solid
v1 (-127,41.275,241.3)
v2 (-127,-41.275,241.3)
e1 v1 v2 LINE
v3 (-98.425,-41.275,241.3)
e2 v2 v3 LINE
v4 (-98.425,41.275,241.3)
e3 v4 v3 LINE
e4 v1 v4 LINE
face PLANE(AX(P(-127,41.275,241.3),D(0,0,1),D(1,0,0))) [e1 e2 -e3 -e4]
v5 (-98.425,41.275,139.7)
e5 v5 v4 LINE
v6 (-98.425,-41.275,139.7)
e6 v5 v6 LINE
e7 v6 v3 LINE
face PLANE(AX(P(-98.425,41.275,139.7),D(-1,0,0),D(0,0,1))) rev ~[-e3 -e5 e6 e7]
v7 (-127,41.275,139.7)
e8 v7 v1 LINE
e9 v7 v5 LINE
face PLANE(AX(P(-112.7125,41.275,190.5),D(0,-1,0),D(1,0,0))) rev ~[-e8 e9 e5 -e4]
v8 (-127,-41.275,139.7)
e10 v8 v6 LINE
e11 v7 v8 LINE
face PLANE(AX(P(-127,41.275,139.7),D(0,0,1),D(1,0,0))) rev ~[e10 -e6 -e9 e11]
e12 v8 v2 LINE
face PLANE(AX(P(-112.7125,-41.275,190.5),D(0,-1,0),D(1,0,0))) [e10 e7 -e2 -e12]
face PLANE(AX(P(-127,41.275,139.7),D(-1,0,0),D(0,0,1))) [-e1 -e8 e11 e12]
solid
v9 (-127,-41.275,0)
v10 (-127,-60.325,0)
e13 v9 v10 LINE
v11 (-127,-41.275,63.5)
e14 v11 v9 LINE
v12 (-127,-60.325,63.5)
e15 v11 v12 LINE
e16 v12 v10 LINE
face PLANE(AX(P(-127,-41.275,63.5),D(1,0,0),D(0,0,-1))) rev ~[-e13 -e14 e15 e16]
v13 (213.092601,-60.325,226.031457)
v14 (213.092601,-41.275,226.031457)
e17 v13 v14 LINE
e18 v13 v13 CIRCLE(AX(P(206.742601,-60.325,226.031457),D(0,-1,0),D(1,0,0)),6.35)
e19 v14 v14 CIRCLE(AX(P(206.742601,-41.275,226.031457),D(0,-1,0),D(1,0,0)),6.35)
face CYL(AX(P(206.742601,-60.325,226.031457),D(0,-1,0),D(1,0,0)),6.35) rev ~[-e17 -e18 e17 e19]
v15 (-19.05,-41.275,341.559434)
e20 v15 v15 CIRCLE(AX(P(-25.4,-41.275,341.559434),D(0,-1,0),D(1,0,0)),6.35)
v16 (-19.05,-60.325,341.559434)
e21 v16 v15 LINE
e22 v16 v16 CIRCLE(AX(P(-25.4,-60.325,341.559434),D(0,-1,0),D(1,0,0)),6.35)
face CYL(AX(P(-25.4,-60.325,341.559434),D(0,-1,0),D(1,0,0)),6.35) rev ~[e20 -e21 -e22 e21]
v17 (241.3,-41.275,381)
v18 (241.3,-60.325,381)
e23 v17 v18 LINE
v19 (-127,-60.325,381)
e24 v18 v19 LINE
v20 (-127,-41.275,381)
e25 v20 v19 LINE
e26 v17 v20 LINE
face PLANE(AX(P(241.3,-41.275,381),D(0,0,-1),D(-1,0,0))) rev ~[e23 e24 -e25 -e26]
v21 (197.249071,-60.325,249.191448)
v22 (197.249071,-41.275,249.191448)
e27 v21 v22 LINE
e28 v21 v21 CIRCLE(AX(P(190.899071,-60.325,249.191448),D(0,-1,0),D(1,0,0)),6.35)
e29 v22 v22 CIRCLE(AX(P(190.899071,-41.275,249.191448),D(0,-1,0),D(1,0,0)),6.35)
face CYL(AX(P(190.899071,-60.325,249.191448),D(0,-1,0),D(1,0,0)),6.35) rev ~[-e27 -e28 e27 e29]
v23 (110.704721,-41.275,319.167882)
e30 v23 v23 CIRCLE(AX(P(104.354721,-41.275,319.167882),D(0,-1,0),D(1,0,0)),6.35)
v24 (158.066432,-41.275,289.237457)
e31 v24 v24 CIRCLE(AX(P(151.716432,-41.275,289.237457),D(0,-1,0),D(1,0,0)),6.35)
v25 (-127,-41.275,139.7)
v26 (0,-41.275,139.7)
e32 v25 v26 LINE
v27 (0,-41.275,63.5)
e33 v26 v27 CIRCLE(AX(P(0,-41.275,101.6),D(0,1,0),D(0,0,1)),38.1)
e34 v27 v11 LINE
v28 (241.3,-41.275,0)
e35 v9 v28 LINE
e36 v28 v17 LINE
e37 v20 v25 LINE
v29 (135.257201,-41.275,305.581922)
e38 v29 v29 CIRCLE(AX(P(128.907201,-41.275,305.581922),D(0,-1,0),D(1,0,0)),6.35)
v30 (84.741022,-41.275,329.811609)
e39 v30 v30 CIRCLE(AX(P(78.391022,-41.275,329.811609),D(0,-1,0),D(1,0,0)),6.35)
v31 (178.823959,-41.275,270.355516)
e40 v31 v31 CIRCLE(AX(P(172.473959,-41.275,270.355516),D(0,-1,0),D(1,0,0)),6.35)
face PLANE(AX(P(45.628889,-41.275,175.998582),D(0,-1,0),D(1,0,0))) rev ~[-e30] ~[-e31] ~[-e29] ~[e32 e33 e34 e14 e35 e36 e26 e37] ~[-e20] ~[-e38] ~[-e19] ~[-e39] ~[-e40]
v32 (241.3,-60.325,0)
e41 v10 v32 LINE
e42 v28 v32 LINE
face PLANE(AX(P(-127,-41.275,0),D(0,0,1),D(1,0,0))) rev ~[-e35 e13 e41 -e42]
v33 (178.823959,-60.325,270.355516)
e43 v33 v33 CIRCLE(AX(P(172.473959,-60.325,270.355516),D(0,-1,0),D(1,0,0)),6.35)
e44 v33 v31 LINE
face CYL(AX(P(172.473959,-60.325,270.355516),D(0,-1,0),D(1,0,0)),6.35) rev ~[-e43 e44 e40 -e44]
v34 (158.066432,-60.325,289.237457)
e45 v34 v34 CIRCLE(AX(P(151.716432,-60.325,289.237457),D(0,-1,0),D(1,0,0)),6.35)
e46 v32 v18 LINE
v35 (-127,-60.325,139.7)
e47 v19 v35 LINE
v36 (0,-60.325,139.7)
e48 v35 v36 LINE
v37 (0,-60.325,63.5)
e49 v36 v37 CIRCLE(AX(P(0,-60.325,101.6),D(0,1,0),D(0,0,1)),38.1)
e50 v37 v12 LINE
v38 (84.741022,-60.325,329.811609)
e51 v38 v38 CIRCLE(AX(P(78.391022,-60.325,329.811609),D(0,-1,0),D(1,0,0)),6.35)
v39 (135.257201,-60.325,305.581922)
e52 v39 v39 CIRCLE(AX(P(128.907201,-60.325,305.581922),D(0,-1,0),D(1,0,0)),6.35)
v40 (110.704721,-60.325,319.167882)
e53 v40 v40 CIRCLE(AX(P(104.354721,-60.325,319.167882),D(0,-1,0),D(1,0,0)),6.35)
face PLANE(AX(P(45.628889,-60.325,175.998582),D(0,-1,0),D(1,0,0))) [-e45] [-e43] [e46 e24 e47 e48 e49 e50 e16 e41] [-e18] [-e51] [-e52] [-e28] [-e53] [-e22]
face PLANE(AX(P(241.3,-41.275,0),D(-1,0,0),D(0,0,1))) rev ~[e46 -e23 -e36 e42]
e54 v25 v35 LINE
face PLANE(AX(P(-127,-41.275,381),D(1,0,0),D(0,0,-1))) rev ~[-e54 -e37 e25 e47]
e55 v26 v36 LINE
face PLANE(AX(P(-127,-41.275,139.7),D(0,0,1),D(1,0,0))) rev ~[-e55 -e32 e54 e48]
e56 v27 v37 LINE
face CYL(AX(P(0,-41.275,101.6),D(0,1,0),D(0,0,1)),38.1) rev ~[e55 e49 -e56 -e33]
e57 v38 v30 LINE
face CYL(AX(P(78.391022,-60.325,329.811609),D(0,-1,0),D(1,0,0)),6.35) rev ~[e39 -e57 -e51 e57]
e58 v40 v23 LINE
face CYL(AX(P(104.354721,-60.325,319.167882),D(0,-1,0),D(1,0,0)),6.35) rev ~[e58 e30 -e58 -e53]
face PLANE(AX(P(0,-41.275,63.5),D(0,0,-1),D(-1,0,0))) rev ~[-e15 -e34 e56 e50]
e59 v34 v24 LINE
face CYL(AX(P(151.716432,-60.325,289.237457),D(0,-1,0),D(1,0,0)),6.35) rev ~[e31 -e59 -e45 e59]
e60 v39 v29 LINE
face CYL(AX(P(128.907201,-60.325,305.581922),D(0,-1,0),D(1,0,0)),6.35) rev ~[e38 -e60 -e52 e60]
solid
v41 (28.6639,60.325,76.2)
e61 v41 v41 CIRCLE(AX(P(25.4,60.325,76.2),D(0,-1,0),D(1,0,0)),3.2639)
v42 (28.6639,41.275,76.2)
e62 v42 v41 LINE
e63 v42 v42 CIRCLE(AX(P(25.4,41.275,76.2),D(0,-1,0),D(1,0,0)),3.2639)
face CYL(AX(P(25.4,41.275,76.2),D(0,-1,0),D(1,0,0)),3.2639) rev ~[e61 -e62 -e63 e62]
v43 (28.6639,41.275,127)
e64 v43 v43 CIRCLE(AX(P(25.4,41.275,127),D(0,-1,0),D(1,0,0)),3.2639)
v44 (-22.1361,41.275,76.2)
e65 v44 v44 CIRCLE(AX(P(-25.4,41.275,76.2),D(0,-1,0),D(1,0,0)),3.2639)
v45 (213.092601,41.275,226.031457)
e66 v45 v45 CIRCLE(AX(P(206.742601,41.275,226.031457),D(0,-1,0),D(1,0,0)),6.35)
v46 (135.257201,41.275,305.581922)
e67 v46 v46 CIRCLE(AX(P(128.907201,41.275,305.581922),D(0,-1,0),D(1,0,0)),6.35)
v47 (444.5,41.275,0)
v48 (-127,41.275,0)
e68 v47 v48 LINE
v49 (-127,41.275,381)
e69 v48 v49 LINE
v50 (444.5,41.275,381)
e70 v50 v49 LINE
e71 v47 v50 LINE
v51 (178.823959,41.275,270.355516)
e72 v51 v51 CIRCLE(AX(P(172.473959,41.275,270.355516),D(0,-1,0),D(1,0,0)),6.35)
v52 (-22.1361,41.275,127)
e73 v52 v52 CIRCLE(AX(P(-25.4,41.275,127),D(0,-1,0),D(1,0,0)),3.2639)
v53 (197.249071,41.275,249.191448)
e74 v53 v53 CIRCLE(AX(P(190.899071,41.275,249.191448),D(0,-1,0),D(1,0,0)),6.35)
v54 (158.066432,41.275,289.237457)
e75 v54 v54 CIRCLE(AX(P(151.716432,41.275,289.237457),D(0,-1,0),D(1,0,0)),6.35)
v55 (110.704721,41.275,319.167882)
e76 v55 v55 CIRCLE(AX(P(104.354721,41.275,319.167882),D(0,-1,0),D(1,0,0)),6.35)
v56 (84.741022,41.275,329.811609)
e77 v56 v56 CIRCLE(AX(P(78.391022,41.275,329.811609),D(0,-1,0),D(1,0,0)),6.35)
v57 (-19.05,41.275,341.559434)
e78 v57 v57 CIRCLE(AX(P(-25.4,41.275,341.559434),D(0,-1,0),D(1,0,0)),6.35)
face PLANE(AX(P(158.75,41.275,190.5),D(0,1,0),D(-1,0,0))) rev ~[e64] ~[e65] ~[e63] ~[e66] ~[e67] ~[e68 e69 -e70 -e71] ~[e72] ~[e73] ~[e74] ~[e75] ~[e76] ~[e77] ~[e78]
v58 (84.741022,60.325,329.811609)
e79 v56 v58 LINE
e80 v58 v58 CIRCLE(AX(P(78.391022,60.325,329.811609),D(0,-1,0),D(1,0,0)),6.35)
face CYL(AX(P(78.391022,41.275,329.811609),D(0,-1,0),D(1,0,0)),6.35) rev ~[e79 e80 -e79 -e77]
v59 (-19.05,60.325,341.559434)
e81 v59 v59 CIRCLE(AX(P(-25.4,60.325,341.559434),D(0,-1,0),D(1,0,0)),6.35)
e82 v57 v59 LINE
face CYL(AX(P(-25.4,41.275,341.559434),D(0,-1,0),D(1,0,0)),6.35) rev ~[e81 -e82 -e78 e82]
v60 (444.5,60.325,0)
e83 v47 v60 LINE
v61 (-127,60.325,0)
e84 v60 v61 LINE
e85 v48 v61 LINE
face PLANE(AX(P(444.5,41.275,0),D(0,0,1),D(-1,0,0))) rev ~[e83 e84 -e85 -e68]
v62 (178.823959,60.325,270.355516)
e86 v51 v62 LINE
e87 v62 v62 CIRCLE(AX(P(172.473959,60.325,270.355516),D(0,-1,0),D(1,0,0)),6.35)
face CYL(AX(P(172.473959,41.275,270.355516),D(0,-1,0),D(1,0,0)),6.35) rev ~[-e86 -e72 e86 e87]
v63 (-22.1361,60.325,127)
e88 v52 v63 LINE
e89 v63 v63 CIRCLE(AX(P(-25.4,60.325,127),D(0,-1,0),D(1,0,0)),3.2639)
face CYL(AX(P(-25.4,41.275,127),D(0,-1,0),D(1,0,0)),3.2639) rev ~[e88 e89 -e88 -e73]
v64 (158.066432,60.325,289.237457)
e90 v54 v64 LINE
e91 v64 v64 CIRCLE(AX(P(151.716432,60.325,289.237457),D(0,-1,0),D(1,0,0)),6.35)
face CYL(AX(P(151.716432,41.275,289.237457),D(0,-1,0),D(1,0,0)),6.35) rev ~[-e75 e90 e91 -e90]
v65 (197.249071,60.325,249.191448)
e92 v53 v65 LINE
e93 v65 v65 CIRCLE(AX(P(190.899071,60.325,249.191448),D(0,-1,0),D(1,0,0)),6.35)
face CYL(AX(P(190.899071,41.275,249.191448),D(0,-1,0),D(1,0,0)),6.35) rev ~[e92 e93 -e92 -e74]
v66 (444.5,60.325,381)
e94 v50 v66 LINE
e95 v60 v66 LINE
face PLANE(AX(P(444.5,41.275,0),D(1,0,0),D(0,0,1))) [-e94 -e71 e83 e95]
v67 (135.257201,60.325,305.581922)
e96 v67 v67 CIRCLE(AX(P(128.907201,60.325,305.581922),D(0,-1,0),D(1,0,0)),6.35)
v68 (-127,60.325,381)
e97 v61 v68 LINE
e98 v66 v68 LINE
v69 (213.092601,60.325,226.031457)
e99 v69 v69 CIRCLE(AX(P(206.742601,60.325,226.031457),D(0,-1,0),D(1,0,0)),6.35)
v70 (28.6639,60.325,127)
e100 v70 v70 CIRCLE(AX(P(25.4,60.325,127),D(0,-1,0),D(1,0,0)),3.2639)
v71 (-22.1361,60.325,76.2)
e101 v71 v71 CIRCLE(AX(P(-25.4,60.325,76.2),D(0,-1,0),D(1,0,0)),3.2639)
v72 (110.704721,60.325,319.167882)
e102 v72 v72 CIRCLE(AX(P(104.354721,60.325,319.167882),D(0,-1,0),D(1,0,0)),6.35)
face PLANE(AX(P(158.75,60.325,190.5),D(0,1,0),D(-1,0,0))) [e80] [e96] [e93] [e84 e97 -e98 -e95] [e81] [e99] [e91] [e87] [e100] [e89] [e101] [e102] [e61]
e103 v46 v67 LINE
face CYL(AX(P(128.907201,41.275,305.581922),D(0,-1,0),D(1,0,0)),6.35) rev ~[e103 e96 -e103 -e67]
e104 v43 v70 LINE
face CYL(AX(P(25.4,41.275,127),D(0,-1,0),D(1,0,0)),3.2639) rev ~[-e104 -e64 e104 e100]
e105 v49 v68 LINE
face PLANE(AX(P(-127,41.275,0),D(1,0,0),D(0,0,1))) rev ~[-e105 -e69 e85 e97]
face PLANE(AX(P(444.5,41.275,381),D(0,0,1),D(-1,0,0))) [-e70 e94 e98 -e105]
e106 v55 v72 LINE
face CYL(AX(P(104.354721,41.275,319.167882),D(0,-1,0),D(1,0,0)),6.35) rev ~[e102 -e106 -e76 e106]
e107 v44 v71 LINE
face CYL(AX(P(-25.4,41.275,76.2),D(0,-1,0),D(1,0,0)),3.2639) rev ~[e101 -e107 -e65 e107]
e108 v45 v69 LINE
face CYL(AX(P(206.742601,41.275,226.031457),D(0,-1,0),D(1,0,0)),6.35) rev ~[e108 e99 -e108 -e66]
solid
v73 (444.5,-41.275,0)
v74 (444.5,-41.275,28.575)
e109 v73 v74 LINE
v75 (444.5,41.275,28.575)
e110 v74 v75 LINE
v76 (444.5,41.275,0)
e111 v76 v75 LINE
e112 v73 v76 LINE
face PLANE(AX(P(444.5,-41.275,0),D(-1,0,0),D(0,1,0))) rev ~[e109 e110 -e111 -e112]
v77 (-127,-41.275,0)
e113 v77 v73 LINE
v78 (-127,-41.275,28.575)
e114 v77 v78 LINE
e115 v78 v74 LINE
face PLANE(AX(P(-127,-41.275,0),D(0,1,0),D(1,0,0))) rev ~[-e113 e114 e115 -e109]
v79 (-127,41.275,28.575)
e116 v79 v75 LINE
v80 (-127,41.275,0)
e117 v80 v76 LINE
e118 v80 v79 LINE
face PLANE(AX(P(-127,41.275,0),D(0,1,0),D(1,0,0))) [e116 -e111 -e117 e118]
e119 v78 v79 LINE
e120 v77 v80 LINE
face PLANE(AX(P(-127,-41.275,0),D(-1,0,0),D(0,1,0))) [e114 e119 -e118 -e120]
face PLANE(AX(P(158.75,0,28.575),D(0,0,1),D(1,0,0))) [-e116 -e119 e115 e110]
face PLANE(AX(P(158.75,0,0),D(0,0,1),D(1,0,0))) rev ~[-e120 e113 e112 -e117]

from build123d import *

# Parameters (mm, degrees)
F0_W      = 571.5
F0_H      = 82.55
F1_DEPTH  = 28.575
F3_DEPTH  = 19.05
F4_W      = 571.5
F4_H      = 381
F5_DEPTH  = 19.05
F6_R      = 3.2639
F7_DEPTH  = 25.4
F8_W      = 28.575
F8_H      = 101.6
F9_DEPTH  = 82.55
F11_R     = 6.35
F12_DEPTH = 25.4
F13_R     = 6.35
F14_DEPTH = 25.4


with BuildPart() as f1:
    # F0 (on Top) → F1 (new body)
    with BuildSketch(Plane.XY):
        with Locations((158.75, 0)):
            Rectangle(F0_W, F0_H)
    extrude(amount=F1_DEPTH)


with BuildPart() as f3:
    # F2 (on face) → F3 (new body)
    with BuildSketch(Plane.XZ.offset(41.275)):
        with BuildLine():
            Line((-127, 63.5), (-127, 0))
            Line((-127, 0), (241.3, 0))
            Line((241.3, 0), (241.3, 381))
            Line((241.3, 381), (-127, 381))
            Line((-127, 381), (-127, 139.7))
            Line((-127, 139.7), (0, 139.7))
            ThreePointArc((0, 139.7), (38.1, 101.6), (0, 63.5))
            Line((0, 63.5), (-127, 63.5))
        make_face()
    extrude(amount=F3_DEPTH)

    # F11 (on face) → F12 (cut)
    with BuildSketch(Plane.XZ.offset(60.325)):
        with Locations((151.716432, 289.237457)):
            Circle(F11_R)
        with Locations((128.907201, 305.581922)):
            Circle(F11_R)
        with Locations((104.354721, 319.167882)):
            Circle(F11_R)
        with Locations((78.391022, 329.811609)):
            Circle(F11_R)
        with Locations((172.473959, 270.355516)):
            Circle(F11_R)
        with Locations((190.899071, 249.191448)):
            Circle(F11_R)
        with Locations((206.742601, 226.031457)):
            Circle(F11_R)
        with Locations((-25.4, 341.559434)):
            Circle(F11_R)
    extrude(amount=-F12_DEPTH, mode=Mode.SUBTRACT)


with BuildPart() as f5:
    # F4 (on face) → F5 (new body)
    with BuildSketch(Plane(origin=(0, 41.275, 0), x_dir=(-1, 0, 0), z_dir=(0, 1, 0))):
        with Locations((-158.75, 190.5)):
            Rectangle(F4_W, F4_H)
    extrude(amount=F5_DEPTH)

    # F6 (on face) → F7 (cut)
    with BuildSketch(Plane.XZ.offset(-41.275)):
        with Locations((-25.4, 127)):
            Circle(F6_R)
        with Locations((25.4, 127)):
            Circle(F6_R)
        with Locations((-25.4, 76.2)):
            Circle(F6_R)
        with Locations((25.4, 76.2)):
            Circle(F6_R)
    extrude(amount=-F7_DEPTH, mode=Mode.SUBTRACT)

    # F13 (on face) → F14 (cut)
    with BuildSketch(Plane.XZ.offset(-41.275)):
        with Locations((-25.4, 341.559434)):
            Circle(F13_R)
        with Locations((78.391022, 329.811609)):
            Circle(F13_R)
        with Locations((104.354721, 319.167882)):
            Circle(F13_R)
        with Locations((128.907201, 305.581922)):
            Circle(F13_R)
        with Locations((151.716432, 289.237457)):
            Circle(F13_R)
        with Locations((172.473959, 270.355516)):
            Circle(F13_R)
        with Locations((190.899071, 249.191448)):
            Circle(F13_R)
        with Locations((206.742601, 226.031457)):
            Circle(F13_R)
    extrude(amount=-F14_DEPTH, mode=Mode.SUBTRACT)


with BuildPart() as f9:
    # F8 (on face) → F9 (new body, through all)
    with BuildSketch(Plane.XZ.offset(-41.275)):
        with Locations((-112.7125, 190.5)):
            Rectangle(F8_W, F8_H)
    extrude(amount=F9_DEPTH)


solid = Compound([f1.part, f3.part, f5.part, f9.part])
